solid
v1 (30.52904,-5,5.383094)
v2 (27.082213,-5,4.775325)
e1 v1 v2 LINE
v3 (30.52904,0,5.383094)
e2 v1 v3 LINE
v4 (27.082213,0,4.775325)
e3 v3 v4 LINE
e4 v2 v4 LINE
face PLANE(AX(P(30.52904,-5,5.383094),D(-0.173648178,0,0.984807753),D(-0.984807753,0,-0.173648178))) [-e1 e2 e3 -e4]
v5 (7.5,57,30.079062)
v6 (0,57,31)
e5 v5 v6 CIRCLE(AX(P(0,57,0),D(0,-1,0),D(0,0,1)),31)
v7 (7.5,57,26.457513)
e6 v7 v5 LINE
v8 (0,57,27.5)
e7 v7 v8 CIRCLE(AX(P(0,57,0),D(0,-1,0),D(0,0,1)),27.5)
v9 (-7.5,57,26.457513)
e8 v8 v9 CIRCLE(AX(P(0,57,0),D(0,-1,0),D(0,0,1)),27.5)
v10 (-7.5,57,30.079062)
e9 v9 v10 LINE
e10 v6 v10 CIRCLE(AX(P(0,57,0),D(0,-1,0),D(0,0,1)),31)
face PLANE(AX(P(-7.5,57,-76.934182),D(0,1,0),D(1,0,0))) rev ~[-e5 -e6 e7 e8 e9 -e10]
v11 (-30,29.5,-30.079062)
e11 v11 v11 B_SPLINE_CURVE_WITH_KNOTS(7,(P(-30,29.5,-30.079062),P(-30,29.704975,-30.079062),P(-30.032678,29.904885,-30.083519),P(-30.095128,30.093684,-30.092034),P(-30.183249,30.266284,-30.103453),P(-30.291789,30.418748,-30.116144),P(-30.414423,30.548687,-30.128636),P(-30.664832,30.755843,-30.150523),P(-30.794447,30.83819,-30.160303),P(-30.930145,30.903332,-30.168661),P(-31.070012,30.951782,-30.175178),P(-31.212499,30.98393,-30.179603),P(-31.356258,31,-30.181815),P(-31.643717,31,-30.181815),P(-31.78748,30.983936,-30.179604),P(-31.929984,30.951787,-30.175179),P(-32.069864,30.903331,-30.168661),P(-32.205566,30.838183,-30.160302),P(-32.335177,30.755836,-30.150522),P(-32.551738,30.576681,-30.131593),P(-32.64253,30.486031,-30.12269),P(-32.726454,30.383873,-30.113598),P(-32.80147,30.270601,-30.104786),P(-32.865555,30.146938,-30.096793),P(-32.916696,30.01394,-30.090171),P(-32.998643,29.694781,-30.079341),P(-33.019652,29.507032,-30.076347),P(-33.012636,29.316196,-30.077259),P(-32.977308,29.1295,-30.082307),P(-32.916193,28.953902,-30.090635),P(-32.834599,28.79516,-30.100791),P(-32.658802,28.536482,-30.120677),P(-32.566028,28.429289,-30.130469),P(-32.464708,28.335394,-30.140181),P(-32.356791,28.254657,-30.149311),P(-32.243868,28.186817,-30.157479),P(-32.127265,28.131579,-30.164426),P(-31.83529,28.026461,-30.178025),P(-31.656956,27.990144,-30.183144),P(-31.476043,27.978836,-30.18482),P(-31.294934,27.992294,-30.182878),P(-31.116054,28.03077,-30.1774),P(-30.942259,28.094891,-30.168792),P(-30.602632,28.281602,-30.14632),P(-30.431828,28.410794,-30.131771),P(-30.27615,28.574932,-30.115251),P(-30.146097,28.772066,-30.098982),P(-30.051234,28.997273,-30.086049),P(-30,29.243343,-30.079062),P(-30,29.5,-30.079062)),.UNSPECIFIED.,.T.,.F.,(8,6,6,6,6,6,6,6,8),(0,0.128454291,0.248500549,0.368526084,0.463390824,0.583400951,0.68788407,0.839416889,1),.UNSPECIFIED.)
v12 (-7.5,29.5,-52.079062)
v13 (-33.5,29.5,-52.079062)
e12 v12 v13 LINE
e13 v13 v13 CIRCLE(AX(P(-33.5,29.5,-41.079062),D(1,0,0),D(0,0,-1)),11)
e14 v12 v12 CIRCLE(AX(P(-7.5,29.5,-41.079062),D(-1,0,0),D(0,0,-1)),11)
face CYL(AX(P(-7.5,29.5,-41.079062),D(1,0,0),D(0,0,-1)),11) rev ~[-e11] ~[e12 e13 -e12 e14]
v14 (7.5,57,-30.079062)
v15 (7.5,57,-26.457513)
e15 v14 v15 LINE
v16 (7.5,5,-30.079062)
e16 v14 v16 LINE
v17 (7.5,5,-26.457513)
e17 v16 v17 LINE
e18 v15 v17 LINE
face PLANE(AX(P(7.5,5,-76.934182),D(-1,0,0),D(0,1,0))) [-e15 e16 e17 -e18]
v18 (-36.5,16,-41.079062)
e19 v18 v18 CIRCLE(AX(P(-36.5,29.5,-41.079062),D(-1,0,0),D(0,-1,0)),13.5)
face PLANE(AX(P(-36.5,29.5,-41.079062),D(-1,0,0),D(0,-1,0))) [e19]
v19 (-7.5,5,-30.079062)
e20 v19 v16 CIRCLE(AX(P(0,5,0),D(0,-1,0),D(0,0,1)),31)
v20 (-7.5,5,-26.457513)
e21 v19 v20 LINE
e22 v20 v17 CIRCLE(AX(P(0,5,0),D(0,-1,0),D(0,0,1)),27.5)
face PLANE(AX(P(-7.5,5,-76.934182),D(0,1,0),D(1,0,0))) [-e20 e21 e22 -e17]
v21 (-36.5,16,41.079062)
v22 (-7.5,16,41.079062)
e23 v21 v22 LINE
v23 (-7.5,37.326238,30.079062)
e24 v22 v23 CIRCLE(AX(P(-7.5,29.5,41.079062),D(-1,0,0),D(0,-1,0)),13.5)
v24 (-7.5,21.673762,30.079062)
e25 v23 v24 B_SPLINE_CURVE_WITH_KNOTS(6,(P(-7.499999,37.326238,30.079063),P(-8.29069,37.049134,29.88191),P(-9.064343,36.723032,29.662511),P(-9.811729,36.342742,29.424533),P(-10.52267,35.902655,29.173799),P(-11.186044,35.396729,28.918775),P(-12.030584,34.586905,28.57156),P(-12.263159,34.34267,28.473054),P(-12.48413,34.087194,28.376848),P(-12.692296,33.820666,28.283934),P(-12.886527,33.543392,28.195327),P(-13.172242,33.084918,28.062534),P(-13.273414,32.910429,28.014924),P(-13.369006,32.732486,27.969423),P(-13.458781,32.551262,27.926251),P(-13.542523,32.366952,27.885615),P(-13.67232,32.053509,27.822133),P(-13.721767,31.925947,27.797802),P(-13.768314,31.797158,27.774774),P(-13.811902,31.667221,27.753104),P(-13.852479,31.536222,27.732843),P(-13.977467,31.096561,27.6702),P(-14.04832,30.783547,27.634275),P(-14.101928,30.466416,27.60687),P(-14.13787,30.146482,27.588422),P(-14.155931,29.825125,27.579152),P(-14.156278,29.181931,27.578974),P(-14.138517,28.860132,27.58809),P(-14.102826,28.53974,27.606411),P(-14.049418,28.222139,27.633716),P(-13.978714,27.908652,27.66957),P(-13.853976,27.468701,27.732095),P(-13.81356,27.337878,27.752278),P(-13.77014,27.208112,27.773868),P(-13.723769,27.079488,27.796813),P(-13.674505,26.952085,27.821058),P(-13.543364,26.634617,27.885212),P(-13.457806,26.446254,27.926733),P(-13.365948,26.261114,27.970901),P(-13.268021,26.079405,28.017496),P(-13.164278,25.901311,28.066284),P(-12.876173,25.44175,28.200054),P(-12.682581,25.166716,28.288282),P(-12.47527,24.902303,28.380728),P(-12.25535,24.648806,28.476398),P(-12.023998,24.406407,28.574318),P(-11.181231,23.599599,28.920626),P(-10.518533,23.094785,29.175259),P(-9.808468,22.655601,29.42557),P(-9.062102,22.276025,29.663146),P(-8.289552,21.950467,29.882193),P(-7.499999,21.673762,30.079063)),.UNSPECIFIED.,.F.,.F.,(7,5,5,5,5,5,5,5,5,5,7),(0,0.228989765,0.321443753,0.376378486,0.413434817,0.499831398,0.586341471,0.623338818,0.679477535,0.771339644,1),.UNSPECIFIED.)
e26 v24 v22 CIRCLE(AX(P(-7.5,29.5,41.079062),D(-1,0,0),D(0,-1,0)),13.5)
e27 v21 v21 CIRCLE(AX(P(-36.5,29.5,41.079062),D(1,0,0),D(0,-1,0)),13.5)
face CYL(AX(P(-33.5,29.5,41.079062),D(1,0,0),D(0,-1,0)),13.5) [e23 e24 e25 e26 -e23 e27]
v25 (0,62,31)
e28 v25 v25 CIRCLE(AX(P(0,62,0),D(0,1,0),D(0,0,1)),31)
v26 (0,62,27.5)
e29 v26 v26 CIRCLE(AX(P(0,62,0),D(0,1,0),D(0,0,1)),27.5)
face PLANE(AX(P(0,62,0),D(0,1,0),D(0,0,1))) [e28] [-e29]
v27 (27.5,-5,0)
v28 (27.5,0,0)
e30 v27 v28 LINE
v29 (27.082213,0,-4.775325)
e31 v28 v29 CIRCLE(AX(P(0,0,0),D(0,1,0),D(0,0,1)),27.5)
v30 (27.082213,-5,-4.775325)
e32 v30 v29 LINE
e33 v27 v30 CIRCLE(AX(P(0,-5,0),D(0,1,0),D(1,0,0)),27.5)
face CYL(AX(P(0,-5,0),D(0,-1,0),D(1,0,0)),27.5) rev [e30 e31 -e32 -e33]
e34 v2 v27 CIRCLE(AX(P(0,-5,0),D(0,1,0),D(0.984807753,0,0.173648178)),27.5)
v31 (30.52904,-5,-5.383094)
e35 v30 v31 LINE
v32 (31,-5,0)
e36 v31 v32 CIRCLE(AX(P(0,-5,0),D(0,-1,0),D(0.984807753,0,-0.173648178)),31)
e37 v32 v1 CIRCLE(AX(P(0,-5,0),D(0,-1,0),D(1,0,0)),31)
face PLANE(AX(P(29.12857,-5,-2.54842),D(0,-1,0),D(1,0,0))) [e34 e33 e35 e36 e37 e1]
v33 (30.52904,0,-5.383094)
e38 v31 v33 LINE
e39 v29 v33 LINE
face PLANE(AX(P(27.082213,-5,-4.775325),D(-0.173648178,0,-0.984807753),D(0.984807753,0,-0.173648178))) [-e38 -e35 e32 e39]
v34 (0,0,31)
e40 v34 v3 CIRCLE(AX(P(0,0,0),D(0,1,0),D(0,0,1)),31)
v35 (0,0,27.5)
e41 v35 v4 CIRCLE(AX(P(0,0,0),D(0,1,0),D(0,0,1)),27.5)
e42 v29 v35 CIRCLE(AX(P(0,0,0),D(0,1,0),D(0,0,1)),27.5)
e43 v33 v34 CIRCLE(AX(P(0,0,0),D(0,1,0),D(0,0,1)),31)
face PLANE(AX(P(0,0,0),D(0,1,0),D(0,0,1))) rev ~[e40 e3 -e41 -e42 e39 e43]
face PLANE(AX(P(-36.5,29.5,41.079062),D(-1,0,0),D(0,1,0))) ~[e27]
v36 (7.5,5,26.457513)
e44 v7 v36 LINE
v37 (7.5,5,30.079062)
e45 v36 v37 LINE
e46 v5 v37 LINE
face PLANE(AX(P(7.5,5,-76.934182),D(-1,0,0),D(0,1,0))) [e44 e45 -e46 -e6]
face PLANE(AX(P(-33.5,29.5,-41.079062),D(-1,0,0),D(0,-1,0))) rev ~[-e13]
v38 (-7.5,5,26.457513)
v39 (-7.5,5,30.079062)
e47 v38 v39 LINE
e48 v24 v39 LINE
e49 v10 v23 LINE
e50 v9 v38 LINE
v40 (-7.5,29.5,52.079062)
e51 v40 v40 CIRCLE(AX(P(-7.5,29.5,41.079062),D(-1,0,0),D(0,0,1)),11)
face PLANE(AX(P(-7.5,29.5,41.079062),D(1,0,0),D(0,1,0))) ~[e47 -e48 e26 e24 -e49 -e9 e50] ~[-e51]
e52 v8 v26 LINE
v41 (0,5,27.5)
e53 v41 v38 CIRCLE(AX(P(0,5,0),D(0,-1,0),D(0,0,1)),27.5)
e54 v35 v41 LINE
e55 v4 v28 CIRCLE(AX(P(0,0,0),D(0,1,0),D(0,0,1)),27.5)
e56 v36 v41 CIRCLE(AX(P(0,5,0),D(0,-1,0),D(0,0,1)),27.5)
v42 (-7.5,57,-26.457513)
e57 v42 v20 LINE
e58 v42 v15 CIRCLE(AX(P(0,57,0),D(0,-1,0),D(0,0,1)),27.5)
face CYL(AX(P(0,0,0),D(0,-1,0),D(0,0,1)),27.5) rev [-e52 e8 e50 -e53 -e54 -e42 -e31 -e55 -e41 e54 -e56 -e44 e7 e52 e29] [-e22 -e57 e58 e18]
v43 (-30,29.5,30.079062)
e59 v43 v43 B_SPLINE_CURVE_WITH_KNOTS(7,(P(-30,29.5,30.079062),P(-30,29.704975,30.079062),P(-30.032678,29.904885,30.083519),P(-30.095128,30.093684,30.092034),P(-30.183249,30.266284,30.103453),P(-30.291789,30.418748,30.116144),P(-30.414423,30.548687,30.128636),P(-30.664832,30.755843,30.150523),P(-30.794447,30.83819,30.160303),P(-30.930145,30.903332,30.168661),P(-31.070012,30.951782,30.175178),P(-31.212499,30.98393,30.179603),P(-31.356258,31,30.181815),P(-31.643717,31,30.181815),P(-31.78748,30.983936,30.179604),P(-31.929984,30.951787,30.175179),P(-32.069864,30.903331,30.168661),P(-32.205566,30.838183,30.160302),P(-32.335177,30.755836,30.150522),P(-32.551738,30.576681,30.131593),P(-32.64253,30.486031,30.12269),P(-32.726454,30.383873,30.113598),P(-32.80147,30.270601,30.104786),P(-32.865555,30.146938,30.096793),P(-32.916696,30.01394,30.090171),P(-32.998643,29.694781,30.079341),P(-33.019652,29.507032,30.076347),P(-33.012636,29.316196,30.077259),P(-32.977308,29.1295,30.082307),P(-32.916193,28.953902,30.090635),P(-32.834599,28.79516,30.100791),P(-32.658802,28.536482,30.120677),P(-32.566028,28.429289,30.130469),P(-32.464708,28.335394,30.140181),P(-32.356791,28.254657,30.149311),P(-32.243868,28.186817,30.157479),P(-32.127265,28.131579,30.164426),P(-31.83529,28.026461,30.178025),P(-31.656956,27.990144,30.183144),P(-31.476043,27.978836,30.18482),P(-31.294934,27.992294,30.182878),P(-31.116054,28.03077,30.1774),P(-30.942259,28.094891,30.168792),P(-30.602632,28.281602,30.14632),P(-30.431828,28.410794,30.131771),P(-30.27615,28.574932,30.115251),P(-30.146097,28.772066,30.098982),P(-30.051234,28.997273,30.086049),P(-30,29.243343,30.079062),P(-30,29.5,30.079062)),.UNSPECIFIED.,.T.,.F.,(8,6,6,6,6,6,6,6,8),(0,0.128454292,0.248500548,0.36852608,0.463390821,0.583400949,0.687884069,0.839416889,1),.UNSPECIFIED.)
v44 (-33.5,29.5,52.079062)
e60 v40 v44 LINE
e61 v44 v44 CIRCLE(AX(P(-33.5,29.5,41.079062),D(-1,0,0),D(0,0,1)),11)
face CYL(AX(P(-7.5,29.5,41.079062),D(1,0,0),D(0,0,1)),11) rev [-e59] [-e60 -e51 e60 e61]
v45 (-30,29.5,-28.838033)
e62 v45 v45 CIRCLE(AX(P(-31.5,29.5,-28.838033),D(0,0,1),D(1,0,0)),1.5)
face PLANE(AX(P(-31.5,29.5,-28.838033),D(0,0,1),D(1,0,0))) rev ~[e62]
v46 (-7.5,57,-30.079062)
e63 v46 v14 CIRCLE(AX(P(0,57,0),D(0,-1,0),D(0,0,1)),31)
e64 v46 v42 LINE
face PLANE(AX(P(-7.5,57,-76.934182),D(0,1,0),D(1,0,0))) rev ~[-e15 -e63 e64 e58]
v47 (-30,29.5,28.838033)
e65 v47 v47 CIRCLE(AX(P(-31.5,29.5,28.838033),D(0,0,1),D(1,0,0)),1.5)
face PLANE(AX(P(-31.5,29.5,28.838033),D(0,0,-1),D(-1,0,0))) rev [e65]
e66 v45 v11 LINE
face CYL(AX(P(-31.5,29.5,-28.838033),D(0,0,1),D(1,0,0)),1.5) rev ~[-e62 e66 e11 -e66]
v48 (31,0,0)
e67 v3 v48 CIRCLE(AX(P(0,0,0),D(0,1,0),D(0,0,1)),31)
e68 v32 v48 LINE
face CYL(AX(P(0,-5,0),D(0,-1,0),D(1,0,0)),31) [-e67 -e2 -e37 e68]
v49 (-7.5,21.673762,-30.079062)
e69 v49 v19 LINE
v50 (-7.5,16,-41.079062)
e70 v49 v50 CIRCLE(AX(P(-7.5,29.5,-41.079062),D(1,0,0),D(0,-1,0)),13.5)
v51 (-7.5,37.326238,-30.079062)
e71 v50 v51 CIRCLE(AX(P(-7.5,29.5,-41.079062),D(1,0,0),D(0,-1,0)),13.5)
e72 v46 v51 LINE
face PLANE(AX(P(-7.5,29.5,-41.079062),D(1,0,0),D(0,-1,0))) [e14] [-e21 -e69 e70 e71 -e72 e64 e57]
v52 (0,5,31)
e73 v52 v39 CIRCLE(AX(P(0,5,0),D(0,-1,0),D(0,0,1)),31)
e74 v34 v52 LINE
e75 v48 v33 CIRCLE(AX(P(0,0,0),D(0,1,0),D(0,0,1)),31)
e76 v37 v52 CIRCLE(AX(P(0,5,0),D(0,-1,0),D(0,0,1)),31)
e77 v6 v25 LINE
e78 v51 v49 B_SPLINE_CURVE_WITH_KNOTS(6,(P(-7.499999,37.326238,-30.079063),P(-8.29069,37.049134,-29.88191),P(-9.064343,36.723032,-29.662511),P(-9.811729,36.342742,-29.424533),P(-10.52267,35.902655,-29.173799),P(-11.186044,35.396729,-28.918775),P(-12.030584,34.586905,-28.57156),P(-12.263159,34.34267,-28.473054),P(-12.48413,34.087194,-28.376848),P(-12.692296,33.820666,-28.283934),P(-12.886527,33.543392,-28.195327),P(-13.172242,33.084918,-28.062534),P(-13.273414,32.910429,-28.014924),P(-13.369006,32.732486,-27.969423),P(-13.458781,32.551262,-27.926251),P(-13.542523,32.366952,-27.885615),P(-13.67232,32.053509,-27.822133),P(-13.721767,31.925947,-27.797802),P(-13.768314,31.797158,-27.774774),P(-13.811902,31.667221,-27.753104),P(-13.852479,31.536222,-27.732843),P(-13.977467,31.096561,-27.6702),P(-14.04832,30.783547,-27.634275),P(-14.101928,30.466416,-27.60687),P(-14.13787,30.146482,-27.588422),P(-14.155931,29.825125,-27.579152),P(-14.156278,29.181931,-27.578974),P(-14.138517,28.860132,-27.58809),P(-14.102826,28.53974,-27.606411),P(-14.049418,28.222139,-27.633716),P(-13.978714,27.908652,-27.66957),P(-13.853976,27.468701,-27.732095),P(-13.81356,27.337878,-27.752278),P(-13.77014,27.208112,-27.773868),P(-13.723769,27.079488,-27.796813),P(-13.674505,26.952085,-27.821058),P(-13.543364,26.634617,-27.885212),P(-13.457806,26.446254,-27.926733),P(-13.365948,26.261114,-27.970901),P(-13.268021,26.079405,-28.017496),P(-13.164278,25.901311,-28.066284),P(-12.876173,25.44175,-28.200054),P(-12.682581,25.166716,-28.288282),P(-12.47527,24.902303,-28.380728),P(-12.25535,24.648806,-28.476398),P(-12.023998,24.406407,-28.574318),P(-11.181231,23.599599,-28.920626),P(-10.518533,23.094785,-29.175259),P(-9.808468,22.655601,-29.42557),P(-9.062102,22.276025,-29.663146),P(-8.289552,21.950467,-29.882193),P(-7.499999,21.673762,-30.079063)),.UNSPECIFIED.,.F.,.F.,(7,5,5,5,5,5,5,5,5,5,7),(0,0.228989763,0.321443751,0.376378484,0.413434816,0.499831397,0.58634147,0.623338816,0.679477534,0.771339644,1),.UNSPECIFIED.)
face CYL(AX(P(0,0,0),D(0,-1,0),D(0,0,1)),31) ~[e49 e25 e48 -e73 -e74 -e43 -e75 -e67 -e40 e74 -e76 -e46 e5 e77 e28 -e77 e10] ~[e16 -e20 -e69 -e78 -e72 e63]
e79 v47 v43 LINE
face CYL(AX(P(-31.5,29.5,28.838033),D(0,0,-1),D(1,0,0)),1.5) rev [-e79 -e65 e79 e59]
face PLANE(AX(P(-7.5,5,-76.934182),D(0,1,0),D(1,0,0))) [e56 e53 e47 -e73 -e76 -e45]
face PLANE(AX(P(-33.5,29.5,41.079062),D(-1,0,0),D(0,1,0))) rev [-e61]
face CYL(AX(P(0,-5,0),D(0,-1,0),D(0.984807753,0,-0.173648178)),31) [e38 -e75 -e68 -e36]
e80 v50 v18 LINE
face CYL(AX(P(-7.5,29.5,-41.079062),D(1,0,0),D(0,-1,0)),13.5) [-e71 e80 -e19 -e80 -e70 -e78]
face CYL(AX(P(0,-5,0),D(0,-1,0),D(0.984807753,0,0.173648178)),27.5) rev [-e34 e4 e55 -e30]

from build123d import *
from build123d.topology import SkipClean

# Parameters (mm, degrees)
SKETCH1_R               = 31
SKETCH1_R_2             = 27.5
BOSS_EXTRUDE1_DEPTH     = 62
BOSS_EXTRUDE3_START     = 5
BOSS_EXTRUDE3_DEPTH     = 5
CUT_EXTRUDE1_DEPTH      = 76.934182026
CUT_EXTRUDE1_DEPTH_BACK = 76.934182026
SKETCH8_W               = 15
SKETCH8_H               = 52
SKETCH9_R               = 13.5
SKETCH9_R_2             = 11
BOSS_EXTRUDE4_DEPTH     = 26
SKETCH10_R              = 13.5
BOSS_EXTRUDE5_DEPTH     = 3
SKETCH12_R              = 1.5
CUT_EXTRUDE2_DEPTH      = 3


with BuildPart() as part:
    # Sketch1 → Boss-Extrude1 (new body)
    with BuildSketch(Plane(origin=(0, 0, 0), x_dir=(1, 0, 0), z_dir=(0, 1, 0))):
        with Locations(Location((0, 0, 0), (0, 0, 270))):
            Circle(SKETCH1_R)
        with Locations(Location((0, 0, 0), (0, 0, 270))):
            Circle(SKETCH1_R_2, mode=Mode.SUBTRACT)
    extrude(amount=BOSS_EXTRUDE1_DEPTH)

    # Sketch6 → Boss-Extrude3 (add)
    with SkipClean():  # the faces are left unmerged after this step: merging them gives an invalid solid
        with BuildSketch(Plane.XZ.offset(BOSS_EXTRUDE3_START)):
            with BuildLine():
                Line((31, 0), (27.5, 0))
                ThreePointArc((27.5, 0), (27.395354198, -2.396782926), (27.082213208, -4.775324886))
                Line((27.082213208, -4.775324886), (30.529040343, -5.383093508))
                ThreePointArc((30.529040343, -5.383093508), (30.882035641, -2.701828025), (31, 0))
            make_face()
            with BuildLine():
                ThreePointArc((27.082213208, 4.775324886), (27.395354198, 2.396782926), (27.5, 0))
                Line((27.5, 0), (31, 0))
                ThreePointArc((31, 0), (30.882035641, 2.701828025), (30.529040343, 5.383093508))
                Line((30.529040343, 5.383093508), (27.082213208, 4.775324886))
            make_face()
        extrude(amount=-BOSS_EXTRUDE3_DEPTH)

    # Sketch8 → Cut-Extrude1 (cut, two sides: drawn at the far end of the back side and taken through both)
    with BuildSketch(Plane.XY.offset(-CUT_EXTRUDE1_DEPTH_BACK)):
        with Locations((0, 31)):
            Rectangle(SKETCH8_W, SKETCH8_H)
    extrude(amount=CUT_EXTRUDE1_DEPTH + CUT_EXTRUDE1_DEPTH_BACK, mode=Mode.SUBTRACT)

    # Sketch9 → Boss-Extrude4 (add)
    with BuildSketch(Plane(origin=(-7.5, 0, 0), x_dir=(0, 0, -1), z_dir=(1, 0, 0))):
        with Locations(Location((41.079062485, 29.5, 0), (0, 0, 270))):
            Circle(SKETCH9_R)
        with Locations((41.079062485, 29.5)):
            Circle(SKETCH9_R_2, mode=Mode.SUBTRACT)
    boss_extrude4 = extrude(amount=-BOSS_EXTRUDE4_DEPTH)

    # Sketch10 → Boss-Extrude5 (add)
    with BuildSketch(Plane.ZY.offset(33.5)):
        with Locations(Location((-41.079062485, 29.5, 0), (0, 0, 270))):
            Circle(SKETCH10_R)
    boss_extrude5 = extrude(amount=BOSS_EXTRUDE5_DEPTH)

    # Sketch12 → Cut-Extrude2 (cut)
    with BuildSketch(Plane(origin=(-17.285590039, -28.448353543, -28.838033475), x_dir=(1, 0, 0), z_dir=(0, 0, 1))):
        with Locations((-14.214409961, 57.948353543)):
            Circle(SKETCH12_R)
    cut_extrude2 = extrude(amount=-CUT_EXTRUDE2_DEPTH, mode=Mode.SUBTRACT)

    # Mirror1: Boss-Extrude4, Boss-Extrude5, Cut-Extrude2 across plane
    add(boss_extrude4.mirror(Plane.XY))
    add(boss_extrude5.mirror(Plane.XY))
    add(cut_extrude2.mirror(Plane.XY), mode=Mode.SUBTRACT)


solid = part.part
